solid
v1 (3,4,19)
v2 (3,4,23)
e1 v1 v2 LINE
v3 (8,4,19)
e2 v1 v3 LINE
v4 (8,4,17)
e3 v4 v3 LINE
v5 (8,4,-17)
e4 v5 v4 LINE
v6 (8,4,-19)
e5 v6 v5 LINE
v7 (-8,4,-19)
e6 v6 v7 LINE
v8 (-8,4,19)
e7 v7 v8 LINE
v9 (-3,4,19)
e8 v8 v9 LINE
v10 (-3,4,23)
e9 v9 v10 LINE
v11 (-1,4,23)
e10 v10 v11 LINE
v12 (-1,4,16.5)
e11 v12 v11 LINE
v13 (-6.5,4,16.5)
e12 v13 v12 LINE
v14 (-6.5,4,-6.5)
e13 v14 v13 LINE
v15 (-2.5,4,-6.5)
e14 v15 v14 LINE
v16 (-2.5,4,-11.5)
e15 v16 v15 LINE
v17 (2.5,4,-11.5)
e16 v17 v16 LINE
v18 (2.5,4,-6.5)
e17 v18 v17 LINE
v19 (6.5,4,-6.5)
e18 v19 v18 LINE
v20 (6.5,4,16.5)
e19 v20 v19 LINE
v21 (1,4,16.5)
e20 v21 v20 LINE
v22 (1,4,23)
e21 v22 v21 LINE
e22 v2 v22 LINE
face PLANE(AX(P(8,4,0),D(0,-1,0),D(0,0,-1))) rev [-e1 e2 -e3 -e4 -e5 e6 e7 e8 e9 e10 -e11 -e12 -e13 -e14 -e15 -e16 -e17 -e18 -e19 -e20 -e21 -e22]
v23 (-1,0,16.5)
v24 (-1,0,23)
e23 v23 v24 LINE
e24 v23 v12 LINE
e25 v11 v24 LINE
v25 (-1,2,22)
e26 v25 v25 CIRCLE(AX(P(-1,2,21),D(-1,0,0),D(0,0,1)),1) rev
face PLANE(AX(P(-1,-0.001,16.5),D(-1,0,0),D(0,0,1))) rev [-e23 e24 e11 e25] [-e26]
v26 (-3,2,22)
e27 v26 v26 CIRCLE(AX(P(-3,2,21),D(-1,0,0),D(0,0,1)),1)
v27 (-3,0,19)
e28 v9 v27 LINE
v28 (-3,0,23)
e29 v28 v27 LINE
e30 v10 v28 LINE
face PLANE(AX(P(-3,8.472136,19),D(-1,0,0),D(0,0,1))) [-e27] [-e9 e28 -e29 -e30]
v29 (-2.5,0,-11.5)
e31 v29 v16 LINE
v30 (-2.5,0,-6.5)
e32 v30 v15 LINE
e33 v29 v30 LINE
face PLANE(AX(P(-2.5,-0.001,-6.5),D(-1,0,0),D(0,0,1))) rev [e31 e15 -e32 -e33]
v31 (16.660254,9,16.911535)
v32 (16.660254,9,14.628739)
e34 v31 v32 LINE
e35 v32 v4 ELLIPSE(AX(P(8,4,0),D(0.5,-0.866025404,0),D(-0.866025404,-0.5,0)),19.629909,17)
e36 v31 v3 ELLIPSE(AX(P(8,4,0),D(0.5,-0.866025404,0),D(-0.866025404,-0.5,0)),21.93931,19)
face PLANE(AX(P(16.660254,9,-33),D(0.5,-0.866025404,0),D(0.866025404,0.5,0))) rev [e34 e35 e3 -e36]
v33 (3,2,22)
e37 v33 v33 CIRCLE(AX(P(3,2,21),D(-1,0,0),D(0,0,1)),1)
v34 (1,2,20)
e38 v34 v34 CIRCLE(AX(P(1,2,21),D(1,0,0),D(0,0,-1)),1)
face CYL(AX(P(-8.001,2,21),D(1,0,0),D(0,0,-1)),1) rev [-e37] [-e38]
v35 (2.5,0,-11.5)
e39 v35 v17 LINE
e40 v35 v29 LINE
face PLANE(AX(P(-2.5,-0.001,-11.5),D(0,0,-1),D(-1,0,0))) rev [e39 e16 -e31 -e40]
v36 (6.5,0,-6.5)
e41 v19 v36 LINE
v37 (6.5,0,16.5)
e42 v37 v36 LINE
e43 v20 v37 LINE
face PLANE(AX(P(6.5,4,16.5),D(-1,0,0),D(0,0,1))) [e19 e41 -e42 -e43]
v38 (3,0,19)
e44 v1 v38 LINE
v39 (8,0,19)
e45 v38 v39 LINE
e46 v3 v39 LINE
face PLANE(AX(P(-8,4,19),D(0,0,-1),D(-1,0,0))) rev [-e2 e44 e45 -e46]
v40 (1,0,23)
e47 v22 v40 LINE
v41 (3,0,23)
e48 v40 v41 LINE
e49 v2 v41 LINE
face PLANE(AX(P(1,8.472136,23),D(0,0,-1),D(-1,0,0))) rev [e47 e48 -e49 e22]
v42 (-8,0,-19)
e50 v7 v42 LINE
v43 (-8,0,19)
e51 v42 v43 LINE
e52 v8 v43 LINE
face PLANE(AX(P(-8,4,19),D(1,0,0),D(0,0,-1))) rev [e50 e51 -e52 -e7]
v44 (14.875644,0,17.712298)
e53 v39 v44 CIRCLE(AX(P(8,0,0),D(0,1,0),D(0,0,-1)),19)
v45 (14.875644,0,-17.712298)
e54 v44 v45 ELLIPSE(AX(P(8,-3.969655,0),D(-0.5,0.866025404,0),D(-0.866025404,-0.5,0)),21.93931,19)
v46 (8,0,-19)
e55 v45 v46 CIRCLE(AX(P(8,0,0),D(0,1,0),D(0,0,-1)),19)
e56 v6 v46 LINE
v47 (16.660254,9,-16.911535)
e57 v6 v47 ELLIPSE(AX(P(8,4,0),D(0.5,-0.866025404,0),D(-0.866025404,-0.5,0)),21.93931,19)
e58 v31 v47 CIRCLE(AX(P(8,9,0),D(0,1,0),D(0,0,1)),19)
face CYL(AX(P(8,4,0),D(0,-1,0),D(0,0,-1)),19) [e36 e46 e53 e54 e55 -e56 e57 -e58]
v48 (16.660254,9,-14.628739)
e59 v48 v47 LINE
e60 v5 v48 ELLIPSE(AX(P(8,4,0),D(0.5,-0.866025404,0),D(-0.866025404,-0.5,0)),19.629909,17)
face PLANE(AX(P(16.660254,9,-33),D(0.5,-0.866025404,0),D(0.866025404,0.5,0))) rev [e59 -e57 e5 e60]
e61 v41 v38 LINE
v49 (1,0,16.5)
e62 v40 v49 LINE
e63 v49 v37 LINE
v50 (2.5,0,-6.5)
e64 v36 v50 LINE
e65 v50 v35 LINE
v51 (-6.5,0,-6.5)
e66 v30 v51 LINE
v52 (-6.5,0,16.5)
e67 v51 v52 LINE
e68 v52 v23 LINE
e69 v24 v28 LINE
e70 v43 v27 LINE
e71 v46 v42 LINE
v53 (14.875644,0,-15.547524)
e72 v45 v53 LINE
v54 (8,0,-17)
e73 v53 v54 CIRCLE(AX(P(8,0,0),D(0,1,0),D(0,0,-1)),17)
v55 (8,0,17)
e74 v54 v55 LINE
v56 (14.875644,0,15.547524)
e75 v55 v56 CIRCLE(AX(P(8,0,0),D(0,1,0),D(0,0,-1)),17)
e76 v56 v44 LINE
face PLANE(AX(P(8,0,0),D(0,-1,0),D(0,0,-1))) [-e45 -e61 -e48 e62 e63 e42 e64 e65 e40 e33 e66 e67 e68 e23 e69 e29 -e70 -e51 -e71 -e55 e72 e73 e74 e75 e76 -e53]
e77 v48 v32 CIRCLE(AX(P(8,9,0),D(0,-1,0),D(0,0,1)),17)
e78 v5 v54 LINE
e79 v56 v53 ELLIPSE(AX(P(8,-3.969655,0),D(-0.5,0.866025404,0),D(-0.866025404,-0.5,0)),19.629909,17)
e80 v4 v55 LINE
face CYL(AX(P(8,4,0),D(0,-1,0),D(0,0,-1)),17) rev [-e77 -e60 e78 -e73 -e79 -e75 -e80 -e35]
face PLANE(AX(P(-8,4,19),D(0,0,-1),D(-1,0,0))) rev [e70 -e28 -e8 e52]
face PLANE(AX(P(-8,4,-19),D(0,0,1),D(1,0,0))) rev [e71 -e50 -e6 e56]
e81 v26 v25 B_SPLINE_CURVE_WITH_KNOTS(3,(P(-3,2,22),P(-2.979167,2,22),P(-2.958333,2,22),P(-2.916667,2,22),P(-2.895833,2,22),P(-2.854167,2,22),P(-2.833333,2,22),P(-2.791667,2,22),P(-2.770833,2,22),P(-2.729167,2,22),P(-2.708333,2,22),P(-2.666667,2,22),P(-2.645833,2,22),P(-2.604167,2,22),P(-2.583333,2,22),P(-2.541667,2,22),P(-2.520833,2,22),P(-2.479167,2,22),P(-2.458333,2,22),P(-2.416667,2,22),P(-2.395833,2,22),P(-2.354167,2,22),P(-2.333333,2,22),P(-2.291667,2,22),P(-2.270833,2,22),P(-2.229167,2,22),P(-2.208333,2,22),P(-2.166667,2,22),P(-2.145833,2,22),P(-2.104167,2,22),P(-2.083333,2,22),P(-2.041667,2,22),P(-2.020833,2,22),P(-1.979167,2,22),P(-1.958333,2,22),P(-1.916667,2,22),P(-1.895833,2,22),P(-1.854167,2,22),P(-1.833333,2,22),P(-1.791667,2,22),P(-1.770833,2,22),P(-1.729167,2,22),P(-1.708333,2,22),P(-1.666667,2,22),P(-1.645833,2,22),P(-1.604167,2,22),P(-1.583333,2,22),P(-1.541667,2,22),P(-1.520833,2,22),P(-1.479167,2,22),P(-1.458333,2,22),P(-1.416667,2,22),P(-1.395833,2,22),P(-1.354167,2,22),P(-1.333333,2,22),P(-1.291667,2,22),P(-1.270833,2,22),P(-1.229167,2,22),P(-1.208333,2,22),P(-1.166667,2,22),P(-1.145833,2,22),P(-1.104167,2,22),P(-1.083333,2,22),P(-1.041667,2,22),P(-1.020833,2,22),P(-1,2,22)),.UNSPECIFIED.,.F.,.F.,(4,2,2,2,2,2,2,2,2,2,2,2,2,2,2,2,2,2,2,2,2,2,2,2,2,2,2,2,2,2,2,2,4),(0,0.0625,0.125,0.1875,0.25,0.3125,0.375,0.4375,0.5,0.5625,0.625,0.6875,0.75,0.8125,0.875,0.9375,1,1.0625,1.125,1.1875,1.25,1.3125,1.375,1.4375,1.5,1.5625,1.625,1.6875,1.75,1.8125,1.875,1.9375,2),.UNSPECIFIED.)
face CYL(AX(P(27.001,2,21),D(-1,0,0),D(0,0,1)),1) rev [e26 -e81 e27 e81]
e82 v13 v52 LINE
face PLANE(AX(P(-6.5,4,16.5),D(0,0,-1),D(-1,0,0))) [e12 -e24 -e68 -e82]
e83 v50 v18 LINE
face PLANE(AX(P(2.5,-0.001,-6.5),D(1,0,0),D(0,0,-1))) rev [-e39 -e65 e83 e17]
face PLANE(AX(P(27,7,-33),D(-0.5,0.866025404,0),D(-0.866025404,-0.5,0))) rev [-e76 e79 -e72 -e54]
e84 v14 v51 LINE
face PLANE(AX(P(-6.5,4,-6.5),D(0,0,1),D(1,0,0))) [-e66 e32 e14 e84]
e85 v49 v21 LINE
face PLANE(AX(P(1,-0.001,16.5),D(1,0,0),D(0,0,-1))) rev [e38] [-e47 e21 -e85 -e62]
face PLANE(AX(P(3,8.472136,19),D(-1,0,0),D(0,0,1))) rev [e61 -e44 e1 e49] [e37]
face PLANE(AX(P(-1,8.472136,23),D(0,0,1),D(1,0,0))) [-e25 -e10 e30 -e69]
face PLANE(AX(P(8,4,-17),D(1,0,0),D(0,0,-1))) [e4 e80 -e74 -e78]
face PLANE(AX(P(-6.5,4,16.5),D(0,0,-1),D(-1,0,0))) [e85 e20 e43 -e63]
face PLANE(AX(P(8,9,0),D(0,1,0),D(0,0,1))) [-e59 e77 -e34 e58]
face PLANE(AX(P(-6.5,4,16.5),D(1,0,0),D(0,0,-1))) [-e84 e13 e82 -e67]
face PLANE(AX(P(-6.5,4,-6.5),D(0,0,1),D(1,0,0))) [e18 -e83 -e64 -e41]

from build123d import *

# Parameters (mm, degrees)
SKETCH1_W           = 13
SKETCH1_H           = 23
BOSS_EXTRUDE1_DEPTH = 4
BOSS_EXTRUDE2_DEPTH = 5
CUT_EXTRUDE1_REACH  = 49.476
CUT_EXTRUDE2_REACH  = 35.392
SKETCH4_W           = 5
SKETCH4_H           = 5
SKETCH4_W_2         = 2
SKETCH4_H_2         = 2.5
SKETCH5_W           = 2
SKETCH5_H           = 4
BOSS_EXTRUDE3_DEPTH = 4
CUT_EXTRUDE3_REACH  = 40.859
SKETCH6_R           = 1


with BuildPart() as part:
    # Sketch1 → Boss-Extrude1 (new body)
    with BuildSketch(Plane(origin=(0, 0, 0), x_dir=(1, 0, 0), z_dir=(0, 1, 0))):
        with BuildLine():
            Line((-8, -19), (8, -19))
            ThreePointArc((8, -19), (27, 0), (8, 19))
            Line((8, 19), (-8, 19))
            Line((-8, 19), (-8, -19))
        make_face()
        with BuildLine():
            Line((8, 17), (8, -17))
            ThreePointArc((8, -17), (25, 0), (8, 17))
        make_face(mode=Mode.SUBTRACT)
        with Locations((0, -5)):
            Rectangle(SKETCH1_W, SKETCH1_H, mode=Mode.SUBTRACT)
    extrude(amount=BOSS_EXTRUDE1_DEPTH)

    # Sketch2 → Boss-Extrude2 (add)
    with BuildSketch(Plane(origin=(0, 4, 0), x_dir=(1, 0, 0), z_dir=(0, 1, 0))):
        with BuildLine():
            Line((8, 19), (8, 17))
            ThreePointArc((8, 17), (25, 0), (8, -17))
            Line((8, -17), (8, -19))
            ThreePointArc((8, -19), (27, 0), (8, 19))
        make_face()
    extrude(amount=BOSS_EXTRUDE2_DEPTH)

    # Cut-Extrude1: up to this face of the body (flat: up to its plane)
    cut_extrude1_end = Plane(part.part.faces().sort_by_distance((0, 2, -19))[0])
    # Sketch3 → Cut-Extrude1 (cut, up to the picked face)
    with BuildSketch(Plane.XY.offset(19), mode=Mode.PRIVATE) as cut_extrude1_sk1:
        Polygon((8, 4), (8, 9), (16.660254038, 9), align=None)
    cut_extrude1_tool1 = split(extrude(cut_extrude1_sk1.sketch, amount=-CUT_EXTRUDE1_REACH, mode=Mode.PRIVATE), bisect_by=cut_extrude1_end, keep=Keep.BOTH, mode=Mode.PRIVATE)
    # Sketch3 → Cut-Extrude1 (cut, up to the picked face)
    with BuildSketch(Plane.XY.offset(19), mode=Mode.PRIVATE) as cut_extrude1_sk2:
        Polygon((27, 7), (14.875644347, 0), (27, 0), align=None)
    cut_extrude1_tool2 = split(extrude(cut_extrude1_sk2.sketch, amount=-CUT_EXTRUDE1_REACH, mode=Mode.PRIVATE), bisect_by=cut_extrude1_end, keep=Keep.BOTH, mode=Mode.PRIVATE)
    add(cut_extrude1_tool1.solids().sort_by(Axis((10.886751, 7.333333, 19), (0, 0, -1)))[0], mode=Mode.SUBTRACT)
    add(cut_extrude1_tool2.solids().sort_by(Axis((22.958548, 2.333333, 19), (0, 0, -1)))[0], mode=Mode.SUBTRACT)

    # Sketch4 → Cut-Extrude2 (cut, up to next)
    with BuildSketch(Plane(origin=(0, 4, 0), x_dir=(1, 0, 0), z_dir=(0, 1, 0)), mode=Mode.PRIVATE) as cut_extrude2_sk1:
        with Locations((0, 9)):
            Rectangle(SKETCH4_W, SKETCH4_H)
    cut_extrude2_tool1 = extrude(cut_extrude2_sk1.sketch, amount=-CUT_EXTRUDE2_REACH, mode=Mode.PRIVATE) & part.part
    # Sketch4 → Cut-Extrude2 (cut, up to next)
    with BuildSketch(Plane(origin=(0, 4, 0), x_dir=(1, 0, 0), z_dir=(0, 1, 0)), mode=Mode.PRIVATE) as cut_extrude2_sk2:
        with Locations((0, -17.75)):
            Rectangle(SKETCH4_W_2, SKETCH4_H_2)
    cut_extrude2_tool2 = extrude(cut_extrude2_sk2.sketch, amount=-CUT_EXTRUDE2_REACH, mode=Mode.PRIVATE) & part.part
    add(cut_extrude2_tool1.solids().sort_by_distance((0, 4, -9))[0], mode=Mode.SUBTRACT)
    add(cut_extrude2_tool2.solids().sort_by_distance((0, 4, 17.75))[0], mode=Mode.SUBTRACT)

    # Sketch5 → Boss-Extrude3 (add)
    with BuildSketch(Plane.XZ):
        with Locations((-2, 21)):
            Rectangle(SKETCH5_W, SKETCH5_H)
    boss_extrude3 = extrude(amount=-BOSS_EXTRUDE3_DEPTH)

    # Sketch6 → Cut-Extrude3 (cut, up to next)
    with BuildSketch(Plane.ZY.offset(3), mode=Mode.PRIVATE) as cut_extrude3_sk1:
        with Locations((21, 2)):
            Circle(SKETCH6_R)
    cut_extrude3_tool1 = extrude(cut_extrude3_sk1.sketch, amount=-CUT_EXTRUDE3_REACH, mode=Mode.PRIVATE) & part.part
    cut_extrude3 = cut_extrude3_tool1.solids().sort_by_distance((-3, 2, 21))[0]
    add(cut_extrude3, mode=Mode.SUBTRACT)

    # Mirror1: Boss-Extrude3, Cut-Extrude3 across plane
    add(boss_extrude3.mirror(Plane(origin=(0, 0, 0), x_dir=(0, 0, 1), z_dir=(1, 0, 0))))
    add(cut_extrude3.mirror(Plane(origin=(0, 0, 0), x_dir=(0, 0, 1), z_dir=(1, 0, 0))), mode=Mode.SUBTRACT)


solid = part.part
